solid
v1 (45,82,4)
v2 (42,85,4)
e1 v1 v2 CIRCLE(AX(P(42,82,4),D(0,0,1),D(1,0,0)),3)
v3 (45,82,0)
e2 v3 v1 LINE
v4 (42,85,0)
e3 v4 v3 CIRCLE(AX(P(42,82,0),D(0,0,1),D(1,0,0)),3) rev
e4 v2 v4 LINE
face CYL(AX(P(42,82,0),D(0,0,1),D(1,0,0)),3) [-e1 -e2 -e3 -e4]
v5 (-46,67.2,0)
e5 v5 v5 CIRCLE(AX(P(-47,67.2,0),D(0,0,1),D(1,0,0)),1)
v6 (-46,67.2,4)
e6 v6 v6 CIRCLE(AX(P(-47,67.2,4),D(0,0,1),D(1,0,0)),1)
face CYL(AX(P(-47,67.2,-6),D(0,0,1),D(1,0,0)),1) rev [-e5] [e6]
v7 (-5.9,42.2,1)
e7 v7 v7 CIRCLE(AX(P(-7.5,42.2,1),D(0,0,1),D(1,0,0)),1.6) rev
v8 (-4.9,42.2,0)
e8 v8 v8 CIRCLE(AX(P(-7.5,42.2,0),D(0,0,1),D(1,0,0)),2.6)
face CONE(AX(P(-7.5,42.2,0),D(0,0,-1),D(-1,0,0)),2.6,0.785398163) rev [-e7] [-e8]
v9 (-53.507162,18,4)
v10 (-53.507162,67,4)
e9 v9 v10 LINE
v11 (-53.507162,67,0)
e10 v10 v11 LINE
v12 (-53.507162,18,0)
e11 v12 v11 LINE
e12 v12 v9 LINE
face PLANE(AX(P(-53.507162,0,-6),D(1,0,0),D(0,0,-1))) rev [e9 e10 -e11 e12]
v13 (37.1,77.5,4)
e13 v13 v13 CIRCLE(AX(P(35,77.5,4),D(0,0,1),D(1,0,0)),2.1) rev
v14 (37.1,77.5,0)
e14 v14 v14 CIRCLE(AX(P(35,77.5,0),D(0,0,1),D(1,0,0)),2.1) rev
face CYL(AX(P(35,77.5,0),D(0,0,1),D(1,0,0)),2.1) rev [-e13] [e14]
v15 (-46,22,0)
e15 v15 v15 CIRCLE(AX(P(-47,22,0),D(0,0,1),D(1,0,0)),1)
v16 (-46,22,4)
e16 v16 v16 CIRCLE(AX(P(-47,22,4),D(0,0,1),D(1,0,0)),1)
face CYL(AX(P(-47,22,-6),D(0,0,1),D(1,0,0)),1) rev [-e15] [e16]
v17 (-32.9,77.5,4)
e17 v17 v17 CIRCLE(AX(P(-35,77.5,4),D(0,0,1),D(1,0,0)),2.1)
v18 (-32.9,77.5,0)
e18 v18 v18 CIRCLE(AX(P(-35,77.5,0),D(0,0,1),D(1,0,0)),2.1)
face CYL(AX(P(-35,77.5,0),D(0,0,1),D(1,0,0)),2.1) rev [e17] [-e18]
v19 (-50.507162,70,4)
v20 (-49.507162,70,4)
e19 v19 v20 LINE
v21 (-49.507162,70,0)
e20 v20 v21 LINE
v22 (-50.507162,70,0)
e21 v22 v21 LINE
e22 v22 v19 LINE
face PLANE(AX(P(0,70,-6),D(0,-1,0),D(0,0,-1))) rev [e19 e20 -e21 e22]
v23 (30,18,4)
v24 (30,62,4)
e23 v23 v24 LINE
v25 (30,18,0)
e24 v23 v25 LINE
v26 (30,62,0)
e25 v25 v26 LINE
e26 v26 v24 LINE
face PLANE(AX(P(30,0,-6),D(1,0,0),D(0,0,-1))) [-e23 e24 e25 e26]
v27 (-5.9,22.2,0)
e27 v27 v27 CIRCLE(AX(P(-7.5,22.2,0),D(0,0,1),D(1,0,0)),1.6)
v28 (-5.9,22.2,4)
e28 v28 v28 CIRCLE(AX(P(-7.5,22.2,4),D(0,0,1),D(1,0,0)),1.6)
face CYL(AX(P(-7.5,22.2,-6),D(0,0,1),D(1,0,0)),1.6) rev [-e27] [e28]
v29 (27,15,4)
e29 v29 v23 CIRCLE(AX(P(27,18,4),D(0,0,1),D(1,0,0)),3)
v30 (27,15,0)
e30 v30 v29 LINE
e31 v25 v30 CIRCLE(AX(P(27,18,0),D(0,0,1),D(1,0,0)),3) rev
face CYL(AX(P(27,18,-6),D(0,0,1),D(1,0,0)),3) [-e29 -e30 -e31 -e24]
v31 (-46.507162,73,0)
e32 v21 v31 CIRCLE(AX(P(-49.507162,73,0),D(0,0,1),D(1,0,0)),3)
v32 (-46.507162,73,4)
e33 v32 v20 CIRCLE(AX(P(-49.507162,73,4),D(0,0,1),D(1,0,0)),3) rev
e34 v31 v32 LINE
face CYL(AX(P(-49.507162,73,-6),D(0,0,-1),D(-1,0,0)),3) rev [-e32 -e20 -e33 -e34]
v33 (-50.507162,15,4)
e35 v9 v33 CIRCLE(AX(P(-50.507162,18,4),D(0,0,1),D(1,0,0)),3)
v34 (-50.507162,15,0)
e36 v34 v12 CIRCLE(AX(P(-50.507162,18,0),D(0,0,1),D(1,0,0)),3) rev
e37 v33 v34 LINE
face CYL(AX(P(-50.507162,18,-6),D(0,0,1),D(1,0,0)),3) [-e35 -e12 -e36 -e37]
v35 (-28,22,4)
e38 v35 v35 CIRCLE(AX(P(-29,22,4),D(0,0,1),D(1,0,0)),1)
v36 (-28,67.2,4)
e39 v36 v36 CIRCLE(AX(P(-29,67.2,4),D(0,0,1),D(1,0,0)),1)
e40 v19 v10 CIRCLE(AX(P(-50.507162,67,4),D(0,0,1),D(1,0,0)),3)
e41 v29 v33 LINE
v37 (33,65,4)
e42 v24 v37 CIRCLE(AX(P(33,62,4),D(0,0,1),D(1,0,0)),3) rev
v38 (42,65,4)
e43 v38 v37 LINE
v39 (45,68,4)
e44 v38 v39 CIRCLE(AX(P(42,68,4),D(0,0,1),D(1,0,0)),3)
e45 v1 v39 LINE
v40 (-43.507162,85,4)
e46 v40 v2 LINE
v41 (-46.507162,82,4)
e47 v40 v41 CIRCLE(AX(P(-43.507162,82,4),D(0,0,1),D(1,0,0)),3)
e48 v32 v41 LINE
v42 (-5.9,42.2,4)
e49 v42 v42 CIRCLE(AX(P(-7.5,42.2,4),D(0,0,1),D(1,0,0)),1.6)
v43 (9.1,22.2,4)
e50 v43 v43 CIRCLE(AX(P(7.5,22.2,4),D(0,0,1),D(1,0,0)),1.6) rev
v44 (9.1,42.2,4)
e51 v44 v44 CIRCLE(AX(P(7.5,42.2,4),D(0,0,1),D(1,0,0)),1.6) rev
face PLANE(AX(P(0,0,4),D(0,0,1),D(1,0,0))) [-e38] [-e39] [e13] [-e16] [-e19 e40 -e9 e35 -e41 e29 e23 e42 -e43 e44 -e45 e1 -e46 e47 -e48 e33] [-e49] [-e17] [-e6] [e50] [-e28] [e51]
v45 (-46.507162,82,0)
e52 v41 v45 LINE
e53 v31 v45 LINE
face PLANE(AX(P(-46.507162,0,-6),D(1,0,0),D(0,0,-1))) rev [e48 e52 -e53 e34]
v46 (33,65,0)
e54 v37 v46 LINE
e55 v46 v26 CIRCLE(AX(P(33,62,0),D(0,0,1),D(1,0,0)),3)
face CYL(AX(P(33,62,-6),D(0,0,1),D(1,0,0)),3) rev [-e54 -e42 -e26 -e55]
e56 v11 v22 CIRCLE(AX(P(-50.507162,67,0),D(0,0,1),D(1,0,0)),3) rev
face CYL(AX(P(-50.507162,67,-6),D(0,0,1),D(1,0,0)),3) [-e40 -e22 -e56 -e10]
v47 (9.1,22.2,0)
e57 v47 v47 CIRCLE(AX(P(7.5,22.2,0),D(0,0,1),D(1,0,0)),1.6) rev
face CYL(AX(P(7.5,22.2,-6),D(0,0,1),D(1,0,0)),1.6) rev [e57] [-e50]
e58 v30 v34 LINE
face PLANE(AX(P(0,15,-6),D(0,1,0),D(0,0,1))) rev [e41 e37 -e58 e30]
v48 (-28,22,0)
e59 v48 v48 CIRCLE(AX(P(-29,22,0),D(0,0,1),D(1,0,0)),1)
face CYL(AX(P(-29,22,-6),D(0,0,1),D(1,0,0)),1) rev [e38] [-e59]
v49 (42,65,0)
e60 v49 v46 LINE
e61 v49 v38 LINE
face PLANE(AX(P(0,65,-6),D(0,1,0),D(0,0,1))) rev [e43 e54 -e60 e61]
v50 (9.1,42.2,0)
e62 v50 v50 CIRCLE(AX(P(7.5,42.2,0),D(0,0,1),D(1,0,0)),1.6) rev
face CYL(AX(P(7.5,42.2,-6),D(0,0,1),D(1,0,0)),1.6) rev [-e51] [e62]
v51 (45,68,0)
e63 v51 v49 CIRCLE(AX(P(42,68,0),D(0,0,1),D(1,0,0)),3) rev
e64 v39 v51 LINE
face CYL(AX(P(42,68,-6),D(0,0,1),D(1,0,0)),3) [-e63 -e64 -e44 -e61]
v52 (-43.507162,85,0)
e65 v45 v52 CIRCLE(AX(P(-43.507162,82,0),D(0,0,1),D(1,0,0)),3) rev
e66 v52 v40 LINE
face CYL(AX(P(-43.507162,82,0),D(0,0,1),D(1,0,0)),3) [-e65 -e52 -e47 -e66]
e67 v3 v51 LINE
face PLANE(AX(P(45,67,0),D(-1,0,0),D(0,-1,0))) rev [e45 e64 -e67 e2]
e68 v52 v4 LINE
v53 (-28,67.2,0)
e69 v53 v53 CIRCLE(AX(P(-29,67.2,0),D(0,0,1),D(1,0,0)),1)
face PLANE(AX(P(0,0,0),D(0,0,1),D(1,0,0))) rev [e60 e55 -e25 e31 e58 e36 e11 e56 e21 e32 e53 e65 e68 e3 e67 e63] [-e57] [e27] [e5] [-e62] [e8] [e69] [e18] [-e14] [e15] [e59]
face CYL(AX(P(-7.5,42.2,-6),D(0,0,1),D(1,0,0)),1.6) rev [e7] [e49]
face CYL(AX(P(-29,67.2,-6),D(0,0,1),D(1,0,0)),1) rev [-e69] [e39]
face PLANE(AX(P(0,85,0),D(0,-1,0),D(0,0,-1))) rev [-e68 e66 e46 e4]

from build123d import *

# Parameters (mm, degrees)
SKETCH_1_W          = 250
SKETCH_1_H          = 30
SKETCH_1_R          = 1.5
EXTRUDE_1_DEPTH     = 4
SKETCH_2_R          = 3
CUT_EXTRUDE_1_DEPTH = 126.96031121
SKETCH_3_W          = 250
SKETCH_3_H          = 70
SKETCH_3_R          = 1.5
SKETCH_3_R_2        = 2.1
EXTRUDE_2_DEPTH     = 4
CUT_EXTRUDE_2_DEPTH = 152.215078613
FILLET_1_R          = 5
SKETCH_5_R          = 3
CUT_EXTRUDE_3_DEPTH = 152.215078613
SKETCH_8_W          = 20
SKETCH_8_H          = 50
EXTRUDE_4_DEPTH     = 4
SKETCH_9_R          = 1
CUT_EXTRUDE_4_DEPTH = 10
SKETCH_10_W         = 35
SKETCH_10_H         = 30
CUT_EXTRUDE_5_DEPTH = 10
SKETCH_11_W         = 70
SKETCH_11_H         = 4.604086331
EXTRUDE_5_DEPTH     = 4
FILLET_4_R          = 10
CUT_EXTRUDE_6_DEPTH = 10
SKETCH_14_W         = 11.507162467
SKETCH_14_H         = 5
EXTRUDE_6_DEPTH     = 4
SKETCH_15_W         = 3
SKETCH_15_H         = 55
SKETCH_15_W_2       = 15
SKETCH_15_H_2       = 50
CUT_EXTRUDE_7_DEPTH = 10
FILLET_6_R          = 3
SKETCH_16_R         = 1.6
CUT_EXTRUDE_8_DEPTH = 10
CHAMFER_2_SIZE      = 1


with BuildPart() as part:
    # 草图1 → 凸台-拉伸1 (new body)
    with BuildSketch(Plane.XY):
        Rectangle(SKETCH_1_W, SKETCH_1_H)
        with Locations((-115, -10)):
            Circle(SKETCH_1_R, mode=Mode.SUBTRACT)
        with Locations((-115, 10)):
            Circle(SKETCH_1_R, mode=Mode.SUBTRACT)
        with Locations(Location((115, 10, 0), (0, 0, 180))):
            Circle(SKETCH_1_R, mode=Mode.SUBTRACT)
        with Locations(Location((115, -10, 0), (0, 0, 180))):
            Circle(SKETCH_1_R, mode=Mode.SUBTRACT)
    extrude(amount=EXTRUDE_1_DEPTH)

    # 草图2 → 切除-拉伸1 (cut, through all)
    with BuildSketch(Plane.XY.offset(4)):
        with Locations((-23, 2.5)):
            Circle(SKETCH_2_R)
        with Locations((23, 2.5)):
            Circle(SKETCH_2_R)
        with Locations((23, 15.5)):
            Circle(SKETCH_2_R)
        with Locations((-23, 15.5)):
            Circle(SKETCH_2_R)
    extrude(amount=-CUT_EXTRUDE_1_DEPTH, mode=Mode.SUBTRACT)

    # 草图3 → 凸台-拉伸2 (add)
    with BuildSketch(Plane.XY.offset(4)):
        with Locations((0, 50)):
            Rectangle(SKETCH_3_W, SKETCH_3_H)
        with Locations((-115, 30)):
            Circle(SKETCH_3_R, mode=Mode.SUBTRACT)
        with Locations((-115, 50)):
            Circle(SKETCH_3_R, mode=Mode.SUBTRACT)
        with Locations((-115, 70)):
            Circle(SKETCH_3_R, mode=Mode.SUBTRACT)
        with Locations((115, 30)):
            Circle(SKETCH_3_R, mode=Mode.SUBTRACT)
        with Locations((115, 50)):
            Circle(SKETCH_3_R, mode=Mode.SUBTRACT)
        with Locations((115, 70)):
            Circle(SKETCH_3_R, mode=Mode.SUBTRACT)
        with Locations((-35, 77.5)):
            Circle(SKETCH_3_R_2, mode=Mode.SUBTRACT)
        with Locations((35, 77.5)):
            Circle(SKETCH_3_R_2, mode=Mode.SUBTRACT)
    extrude(amount=-EXTRUDE_2_DEPTH)

    # 草图4 → 切除-拉伸2 (cut, through all)
    with BuildSketch(Plane.XY.offset(4)):
        with BuildLine():
            Line((-97, 70), (-48, 70))
            ThreePointArc((-48, 70), (-45.878679656, 69.121320344), (-45, 67))
            Line((-45, 67), (-45, 3))
            ThreePointArc((-45, 3), (-45.878679656, 0.878679656), (-48, 0))
            Line((-48, 0), (-97, 0))
            ThreePointArc((-97, 0), (-99.121320344, 0.878679656), (-100, 3))
            Line((-100, 3), (-100, 67))
            ThreePointArc((-100, 67), (-99.121320344, 69.121320344), (-97, 70))
        make_face()
        with BuildLine():
            Line((97, 0), (48, 0))
            ThreePointArc((48, 0), (45.878679656, 0.878679656), (45, 3))
            Line((45, 3), (45, 67))
            ThreePointArc((45, 67), (45.878679656, 69.121320344), (48, 70))
            Line((48, 70), (97, 70))
            ThreePointArc((97, 70), (99.121320344, 69.121320344), (100, 67))
            Line((100, 67), (100, 3))
            ThreePointArc((100, 3), (99.121320344, 0.878679656), (97, 0))
        make_face()
    extrude(amount=-CUT_EXTRUDE_2_DEPTH, mode=Mode.SUBTRACT)

    # 圆角1
    fillet_1_edges = [part.edges().sort_by_distance(p)[0] for p in [
        (125, 85, 2),
        (-125, 85, 2),
        (125, -15, 2),
        (-125, -15, 2),
    ]]
    fillet(fillet_1_edges, radius=FILLET_1_R)

    # 草图5 → 切除-拉伸3 (cut, through all)
    with BuildSketch(Plane.XY.offset(4)):
        with Locations((-23, 15.5)):
            Circle(SKETCH_5_R)
        with Locations((23, 15.5)):
            Circle(SKETCH_5_R)
    extrude(amount=-CUT_EXTRUDE_3_DEPTH, mode=Mode.SUBTRACT)

    # 草图8 → 凸台-拉伸4 (add)
    with BuildSketch(Plane.XY.offset(4)):
        with Locations((-55, 45)):
            Rectangle(SKETCH_8_W, SKETCH_8_H)
    extrude(amount=-EXTRUDE_4_DEPTH)

    # 草图9 → 切除-拉伸4 (cut)
    with BuildSketch(Plane.XY.offset(4)):
        with Locations((-47, 22)):
            Circle(SKETCH_9_R)
        with Locations((-29, 22)):
            Circle(SKETCH_9_R)
        with Locations((-47, 67.2)):
            Circle(SKETCH_9_R)
        with Locations((-29, 67.2)):
            Circle(SKETCH_9_R)
    extrude(amount=-CUT_EXTRUDE_4_DEPTH, mode=Mode.SUBTRACT)

    # 草图10 → 切除-拉伸5 (cut)
    with BuildSketch(Plane.XY.offset(4)):
        with Locations((-17.5, 0)):
            Rectangle(SKETCH_10_W, SKETCH_10_H)
        with Locations((17.5, 0)):
            Rectangle(SKETCH_10_W, SKETCH_10_H)
    extrude(amount=-CUT_EXTRUDE_5_DEPTH, mode=Mode.SUBTRACT)

    # 草图11 → 凸台-拉伸5 (add)
    with BuildSketch(Plane.XY.offset(4)):
        with Locations((0, 17.302043166)):
            Rectangle(SKETCH_11_W, SKETCH_11_H)
    extrude(amount=-EXTRUDE_5_DEPTH)

    # 圆角4
    fillet_4_edges = [part.edges().sort_by_distance(p)[0] for p in [
        (-35, -15, 2),
        (35, -15, 2),
        (35, 15, 2),
        (-35, 15, 2),
    ]]
    fillet(fillet_4_edges, radius=FILLET_4_R)

    # 草图12 → 切除-拉伸6 (cut)
    with BuildSketch(Plane.XY.offset(4)):
        Polygon((-159.482057717, 67), (-159.482057717, -21.443198138), (-25, -21.443198138), (-25, 15), (-56.507162467, 15), (-56.507162467, 102.331531395), (-144.590660761, 102.331531395), (-144.590660761, 67), align=None)
        Polygon((45, 102.331531395), (45, 15), (25, 15), (25, -21.443198138), (159.482057717, -21.443198138), (159.482057717, 67), (144.590660761, 67), (144.590660761, 102.331531395), align=None)
    extrude(amount=-CUT_EXTRUDE_6_DEPTH, mode=Mode.SUBTRACT)

    # 草图14 → 凸台-拉伸6 (add)
    with BuildSketch(Plane.XY.offset(4)):
        with Locations((-50.753581234, 17.5)):
            Rectangle(SKETCH_14_W, SKETCH_14_H)
    extrude(amount=-EXTRUDE_6_DEPTH)

    # 草图15 → 切除-拉伸7 (cut)
    with BuildSketch(Plane.XY.offset(4)):
        Polygon((-56.507162467, 70), (-53.507162467, 70), (-46.507162467, 70), (-46.507162467, 85), (-56.507162467, 85), align=None)
        with Locations((-55.007162467, 42.5)):
            Rectangle(SKETCH_15_W, SKETCH_15_H)
        with Locations((37.5, 40)):
            Rectangle(SKETCH_15_W_2, SKETCH_15_H_2)
    extrude(amount=-CUT_EXTRUDE_7_DEPTH, mode=Mode.SUBTRACT)

    # 圆角6
    fillet_6_edges = [part.edges().sort_by_distance(p)[0] for p in [
        (45, 85, 2),
        (30, 15, 2),
        (-46.507162467, 70, 2),
        (-46.507162467, 85, 2),
        (-53.507162467, 70, 2),
        (-53.507162467, 15, 2),
        (30, 65, 2),
        (45, 65, 2),
    ]]
    fillet(fillet_6_edges, radius=FILLET_6_R)

    # 草图16 → 切除-拉伸8 (cut)
    with BuildSketch(Plane.XY.offset(4)):
        with Locations((-7.5, 42.2)):
            Circle(SKETCH_16_R)
        with Locations((7.5, 42.2)):
            Circle(SKETCH_16_R)
        with Locations((-7.5, 22.2)):
            Circle(SKETCH_16_R)
        with Locations((7.5, 22.2)):
            Circle(SKETCH_16_R)
    extrude(amount=-CUT_EXTRUDE_8_DEPTH, mode=Mode.SUBTRACT)

    # 倒角2
    chamfer_2_edges = [part.edges().sort_by_distance(p)[0] for p in [
        (-9.1, 42.2, 0),
    ]]
    chamfer(chamfer_2_edges, length=CHAMFER_2_SIZE)


solid = part.part
